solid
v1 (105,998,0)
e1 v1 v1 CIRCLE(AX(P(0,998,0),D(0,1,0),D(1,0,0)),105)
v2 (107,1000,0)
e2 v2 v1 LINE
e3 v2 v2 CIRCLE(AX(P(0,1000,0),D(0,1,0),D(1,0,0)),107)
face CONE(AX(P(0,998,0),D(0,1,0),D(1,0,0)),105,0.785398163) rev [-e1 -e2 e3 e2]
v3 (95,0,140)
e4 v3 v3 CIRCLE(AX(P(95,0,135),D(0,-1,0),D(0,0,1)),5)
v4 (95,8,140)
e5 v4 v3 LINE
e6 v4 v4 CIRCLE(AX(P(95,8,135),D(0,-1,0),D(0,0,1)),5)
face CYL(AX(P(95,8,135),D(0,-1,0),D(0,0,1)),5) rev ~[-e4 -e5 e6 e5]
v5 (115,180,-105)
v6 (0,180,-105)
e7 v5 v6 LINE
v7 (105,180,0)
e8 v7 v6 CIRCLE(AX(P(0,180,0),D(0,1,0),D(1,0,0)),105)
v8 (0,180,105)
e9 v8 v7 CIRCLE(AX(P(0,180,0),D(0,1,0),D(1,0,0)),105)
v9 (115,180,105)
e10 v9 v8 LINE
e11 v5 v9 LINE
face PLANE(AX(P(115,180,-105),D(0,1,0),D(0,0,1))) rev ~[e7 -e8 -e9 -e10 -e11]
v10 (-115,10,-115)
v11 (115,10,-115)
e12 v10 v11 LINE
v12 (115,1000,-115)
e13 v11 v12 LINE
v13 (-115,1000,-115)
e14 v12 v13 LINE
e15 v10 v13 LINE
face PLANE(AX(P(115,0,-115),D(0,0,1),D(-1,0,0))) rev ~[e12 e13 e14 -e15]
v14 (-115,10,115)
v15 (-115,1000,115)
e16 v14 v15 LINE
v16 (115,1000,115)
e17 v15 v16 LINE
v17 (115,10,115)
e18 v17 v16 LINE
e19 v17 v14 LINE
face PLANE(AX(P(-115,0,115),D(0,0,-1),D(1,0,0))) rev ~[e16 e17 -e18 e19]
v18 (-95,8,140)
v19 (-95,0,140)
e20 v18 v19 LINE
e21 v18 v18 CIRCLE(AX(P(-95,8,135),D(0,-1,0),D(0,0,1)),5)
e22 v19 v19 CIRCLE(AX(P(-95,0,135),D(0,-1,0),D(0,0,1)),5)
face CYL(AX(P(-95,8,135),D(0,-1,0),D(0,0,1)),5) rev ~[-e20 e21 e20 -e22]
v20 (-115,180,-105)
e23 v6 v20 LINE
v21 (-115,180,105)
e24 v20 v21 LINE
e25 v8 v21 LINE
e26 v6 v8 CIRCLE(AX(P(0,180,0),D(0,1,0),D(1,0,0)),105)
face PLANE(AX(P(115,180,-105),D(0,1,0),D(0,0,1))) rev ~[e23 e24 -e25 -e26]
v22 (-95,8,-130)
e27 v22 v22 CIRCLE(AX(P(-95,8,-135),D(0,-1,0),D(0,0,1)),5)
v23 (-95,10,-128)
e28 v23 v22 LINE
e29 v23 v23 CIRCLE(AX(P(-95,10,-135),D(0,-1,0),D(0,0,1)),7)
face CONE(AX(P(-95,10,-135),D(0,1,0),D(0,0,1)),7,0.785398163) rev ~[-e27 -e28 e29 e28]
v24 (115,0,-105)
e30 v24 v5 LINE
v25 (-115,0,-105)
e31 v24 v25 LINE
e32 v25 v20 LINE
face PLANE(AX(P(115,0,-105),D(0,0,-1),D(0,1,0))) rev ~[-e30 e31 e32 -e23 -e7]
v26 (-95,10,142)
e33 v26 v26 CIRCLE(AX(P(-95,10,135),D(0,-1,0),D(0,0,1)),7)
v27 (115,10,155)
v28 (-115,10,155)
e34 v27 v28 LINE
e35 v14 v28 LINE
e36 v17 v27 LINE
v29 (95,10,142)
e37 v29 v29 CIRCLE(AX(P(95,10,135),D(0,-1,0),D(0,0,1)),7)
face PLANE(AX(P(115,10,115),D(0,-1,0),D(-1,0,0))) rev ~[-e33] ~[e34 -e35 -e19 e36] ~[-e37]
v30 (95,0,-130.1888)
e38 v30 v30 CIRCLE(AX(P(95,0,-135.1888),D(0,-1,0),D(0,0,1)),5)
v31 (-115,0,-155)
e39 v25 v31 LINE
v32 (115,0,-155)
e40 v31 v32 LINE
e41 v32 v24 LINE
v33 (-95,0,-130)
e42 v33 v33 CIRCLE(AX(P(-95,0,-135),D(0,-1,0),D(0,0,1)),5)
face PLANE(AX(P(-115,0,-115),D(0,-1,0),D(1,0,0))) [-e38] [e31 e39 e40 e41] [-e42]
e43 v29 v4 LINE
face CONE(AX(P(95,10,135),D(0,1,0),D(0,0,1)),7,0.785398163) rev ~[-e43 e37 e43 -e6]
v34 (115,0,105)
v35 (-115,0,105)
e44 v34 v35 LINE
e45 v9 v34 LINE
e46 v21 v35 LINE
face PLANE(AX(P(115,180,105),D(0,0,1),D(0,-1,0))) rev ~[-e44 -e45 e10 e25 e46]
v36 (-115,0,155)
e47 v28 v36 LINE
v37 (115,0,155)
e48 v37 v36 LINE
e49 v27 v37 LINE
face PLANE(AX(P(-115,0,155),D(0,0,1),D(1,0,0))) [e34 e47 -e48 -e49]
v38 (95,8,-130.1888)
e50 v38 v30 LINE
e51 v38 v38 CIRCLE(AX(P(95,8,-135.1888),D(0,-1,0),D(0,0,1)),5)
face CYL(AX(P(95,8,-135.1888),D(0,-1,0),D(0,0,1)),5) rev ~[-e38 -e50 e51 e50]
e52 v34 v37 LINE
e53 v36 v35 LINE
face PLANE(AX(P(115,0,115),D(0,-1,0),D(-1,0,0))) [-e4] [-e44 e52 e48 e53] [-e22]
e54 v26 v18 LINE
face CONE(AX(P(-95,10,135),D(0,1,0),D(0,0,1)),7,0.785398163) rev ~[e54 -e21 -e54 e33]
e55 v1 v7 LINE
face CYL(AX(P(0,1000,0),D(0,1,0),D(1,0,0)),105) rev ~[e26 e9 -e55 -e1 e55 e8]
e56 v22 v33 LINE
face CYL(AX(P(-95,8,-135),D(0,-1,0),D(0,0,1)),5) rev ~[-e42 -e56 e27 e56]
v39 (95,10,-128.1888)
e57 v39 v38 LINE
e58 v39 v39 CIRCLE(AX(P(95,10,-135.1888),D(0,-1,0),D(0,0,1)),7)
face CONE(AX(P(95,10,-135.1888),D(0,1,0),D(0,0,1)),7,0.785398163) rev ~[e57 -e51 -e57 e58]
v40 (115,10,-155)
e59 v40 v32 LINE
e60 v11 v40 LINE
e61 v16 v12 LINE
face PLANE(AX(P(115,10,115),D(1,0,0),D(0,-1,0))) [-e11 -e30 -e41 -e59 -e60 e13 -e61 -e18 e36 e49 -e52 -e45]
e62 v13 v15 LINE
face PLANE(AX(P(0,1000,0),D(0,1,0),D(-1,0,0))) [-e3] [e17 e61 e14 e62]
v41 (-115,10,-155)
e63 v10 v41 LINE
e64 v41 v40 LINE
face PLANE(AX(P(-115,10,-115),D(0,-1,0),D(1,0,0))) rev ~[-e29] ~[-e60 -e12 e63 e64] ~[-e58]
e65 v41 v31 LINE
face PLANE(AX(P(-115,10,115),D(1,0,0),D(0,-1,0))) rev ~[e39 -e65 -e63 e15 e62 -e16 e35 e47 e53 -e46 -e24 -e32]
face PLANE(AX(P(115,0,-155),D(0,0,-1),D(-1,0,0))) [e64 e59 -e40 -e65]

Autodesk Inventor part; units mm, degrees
ref_plane "YZ Plane" through (0, 0, 0) normal (1, 0, 0) x (0, 1, 0)
ref_plane "XZ Plane" through (0, 0, 0) normal (0, 1, 0) x (-1, 0, 0)
ref_plane "XY Plane" through (0, 0, 0) normal (0, 0, 1) x (1, 0, 0)
sketch "Skizze1" plane through (0, 0, 0) normal (0, 1, 0) x (-1, 0, 0)
  line L0 (115, 115) -> (-115, 115)
  line L1 (-115, 115) -> (-115, -115)
  line L2 (-115, -115) -> (115, -115)
  line L3 (115, -115) -> (115, 115)
  point P0 (0, 0)
  dimension "d0" = 230
  dimension "d1" = 230
extrude "Extrusion1" add sketch "Skizze1" along normal blind 1000
sketch "Skizze2" plane through (115, 0, 115) normal (1, 0, 0) x (0, 0, -1)
  line L0 (0, 0) -> (230, 0) projected
  line L1 (10, 0) -> (220, 0)
  line L2 (220, 0) -> (220, 180)
  line L3 (220, 180) -> (10, 180)
  line L4 (10, 180) -> (10, 0)
  point P0 (115, 0)
  dimension "d4" = 210
  dimension "d5" = 180
extrude "Extrusion2" cut sketch "Skizze2" against normal blind 230
sketch "Skizze3" plane through (0, 1000, 0) normal (0, 1, 0) x (1, 0, 0)
  circle A0 centre (0, 0) radius 105
  dimension "d8" = 210
extrude "Extrusion3" cut sketch "Skizze3" against normal blind 820
chamfer "Fase1" distance 2 angle 45 1 edges at (-105, 1000, 0)
sketch "Skizze4" plane through (115, 0, -115) normal (0, 0, -1) x (-1, 0, 0)
  line L0 (230, 0) -> (0, 0) projected
  line L1 (230, 180) -> (230, 0) projected
  line L2 (0, 0) -> (230, 0)
  line L3 (230, 0) -> (230, 10)
  line L4 (230, 10) -> (0, 10)
  line L5 (0, 10) -> (0, 0)
  point P0 (115, 0)
  dimension "d14" = 10
extrude "Extrusion4" add sketch "Skizze4" along normal blind 40
sketch "Skizze5" plane through (-115, 0, 115) normal (0, 0, 1) x (1, 0, 0)
  line L0 (230, 0) -> (0, 0) projected
  line L1 (230, 180) -> (230, 0) projected
  line L2 (0, 0) -> (230, 0)
  line L3 (230, 0) -> (230, 10)
  line L4 (230, 10) -> (0, 10)
  line L5 (0, 10) -> (0, 0)
  point P0 (115, 0)
  dimension "d17" = 10
extrude "Extrusion5" add sketch "Skizze5" along normal blind 40
sketch "Skizze6" plane through (-115, 10, 115) normal (0, 1, 0) x (1, 0, 0)
  line L0 (230, -40) -> (0, -40) projected
  line L1 (0, -40) -> (20, -40)
  line L2 (20, -40) -> (20, -20)
  line L3 (20, -20) -> (0, -20)
  line L4 (0, -20) -> (0, -40)
  line L5 (230, 0) -> (230, -40) projected
  line L6 (230, -40) -> (210, -40)
  line L7 (210, -40) -> (210, -20)
  line L8 (210, -20) -> (230, -20)
  line L9 (230, -20) -> (230, -40)
  line L10 (230, 270.1888) -> (210, 270.1888)
  line L11 (210, 270.1888) -> (210, 250.1888)
  line L12 (210, 250.1888) -> (230, 250.1888)
  line L13 (230, 250.1888) -> (230, 270.1888)
  line L14 (0, 270) -> (230, 270) projected
  line L15 (0, 270) -> (20, 270)
  line L16 (20, 270) -> (20, 250)
  line L17 (20, 250) -> (0, 250)
  line L18 (0, 250) -> (0, 270)
  point P0 (115, 115)
  dimension "d20" = 20
  dimension "d21" = 20
  dimension "d22" = 20
  dimension "d23" = 20
  dimension "d24" = 20
hole "Bohrung1" at (-95, 10, 135) at (95, 10, 135) at (-95, 10, -135) at (95, 10, -135.1888) direction (0, -1, 0) diameter 10 depth 10 tip angle 118 countersink diameter 14 countersink angle 90
properties part number "Magazin"
